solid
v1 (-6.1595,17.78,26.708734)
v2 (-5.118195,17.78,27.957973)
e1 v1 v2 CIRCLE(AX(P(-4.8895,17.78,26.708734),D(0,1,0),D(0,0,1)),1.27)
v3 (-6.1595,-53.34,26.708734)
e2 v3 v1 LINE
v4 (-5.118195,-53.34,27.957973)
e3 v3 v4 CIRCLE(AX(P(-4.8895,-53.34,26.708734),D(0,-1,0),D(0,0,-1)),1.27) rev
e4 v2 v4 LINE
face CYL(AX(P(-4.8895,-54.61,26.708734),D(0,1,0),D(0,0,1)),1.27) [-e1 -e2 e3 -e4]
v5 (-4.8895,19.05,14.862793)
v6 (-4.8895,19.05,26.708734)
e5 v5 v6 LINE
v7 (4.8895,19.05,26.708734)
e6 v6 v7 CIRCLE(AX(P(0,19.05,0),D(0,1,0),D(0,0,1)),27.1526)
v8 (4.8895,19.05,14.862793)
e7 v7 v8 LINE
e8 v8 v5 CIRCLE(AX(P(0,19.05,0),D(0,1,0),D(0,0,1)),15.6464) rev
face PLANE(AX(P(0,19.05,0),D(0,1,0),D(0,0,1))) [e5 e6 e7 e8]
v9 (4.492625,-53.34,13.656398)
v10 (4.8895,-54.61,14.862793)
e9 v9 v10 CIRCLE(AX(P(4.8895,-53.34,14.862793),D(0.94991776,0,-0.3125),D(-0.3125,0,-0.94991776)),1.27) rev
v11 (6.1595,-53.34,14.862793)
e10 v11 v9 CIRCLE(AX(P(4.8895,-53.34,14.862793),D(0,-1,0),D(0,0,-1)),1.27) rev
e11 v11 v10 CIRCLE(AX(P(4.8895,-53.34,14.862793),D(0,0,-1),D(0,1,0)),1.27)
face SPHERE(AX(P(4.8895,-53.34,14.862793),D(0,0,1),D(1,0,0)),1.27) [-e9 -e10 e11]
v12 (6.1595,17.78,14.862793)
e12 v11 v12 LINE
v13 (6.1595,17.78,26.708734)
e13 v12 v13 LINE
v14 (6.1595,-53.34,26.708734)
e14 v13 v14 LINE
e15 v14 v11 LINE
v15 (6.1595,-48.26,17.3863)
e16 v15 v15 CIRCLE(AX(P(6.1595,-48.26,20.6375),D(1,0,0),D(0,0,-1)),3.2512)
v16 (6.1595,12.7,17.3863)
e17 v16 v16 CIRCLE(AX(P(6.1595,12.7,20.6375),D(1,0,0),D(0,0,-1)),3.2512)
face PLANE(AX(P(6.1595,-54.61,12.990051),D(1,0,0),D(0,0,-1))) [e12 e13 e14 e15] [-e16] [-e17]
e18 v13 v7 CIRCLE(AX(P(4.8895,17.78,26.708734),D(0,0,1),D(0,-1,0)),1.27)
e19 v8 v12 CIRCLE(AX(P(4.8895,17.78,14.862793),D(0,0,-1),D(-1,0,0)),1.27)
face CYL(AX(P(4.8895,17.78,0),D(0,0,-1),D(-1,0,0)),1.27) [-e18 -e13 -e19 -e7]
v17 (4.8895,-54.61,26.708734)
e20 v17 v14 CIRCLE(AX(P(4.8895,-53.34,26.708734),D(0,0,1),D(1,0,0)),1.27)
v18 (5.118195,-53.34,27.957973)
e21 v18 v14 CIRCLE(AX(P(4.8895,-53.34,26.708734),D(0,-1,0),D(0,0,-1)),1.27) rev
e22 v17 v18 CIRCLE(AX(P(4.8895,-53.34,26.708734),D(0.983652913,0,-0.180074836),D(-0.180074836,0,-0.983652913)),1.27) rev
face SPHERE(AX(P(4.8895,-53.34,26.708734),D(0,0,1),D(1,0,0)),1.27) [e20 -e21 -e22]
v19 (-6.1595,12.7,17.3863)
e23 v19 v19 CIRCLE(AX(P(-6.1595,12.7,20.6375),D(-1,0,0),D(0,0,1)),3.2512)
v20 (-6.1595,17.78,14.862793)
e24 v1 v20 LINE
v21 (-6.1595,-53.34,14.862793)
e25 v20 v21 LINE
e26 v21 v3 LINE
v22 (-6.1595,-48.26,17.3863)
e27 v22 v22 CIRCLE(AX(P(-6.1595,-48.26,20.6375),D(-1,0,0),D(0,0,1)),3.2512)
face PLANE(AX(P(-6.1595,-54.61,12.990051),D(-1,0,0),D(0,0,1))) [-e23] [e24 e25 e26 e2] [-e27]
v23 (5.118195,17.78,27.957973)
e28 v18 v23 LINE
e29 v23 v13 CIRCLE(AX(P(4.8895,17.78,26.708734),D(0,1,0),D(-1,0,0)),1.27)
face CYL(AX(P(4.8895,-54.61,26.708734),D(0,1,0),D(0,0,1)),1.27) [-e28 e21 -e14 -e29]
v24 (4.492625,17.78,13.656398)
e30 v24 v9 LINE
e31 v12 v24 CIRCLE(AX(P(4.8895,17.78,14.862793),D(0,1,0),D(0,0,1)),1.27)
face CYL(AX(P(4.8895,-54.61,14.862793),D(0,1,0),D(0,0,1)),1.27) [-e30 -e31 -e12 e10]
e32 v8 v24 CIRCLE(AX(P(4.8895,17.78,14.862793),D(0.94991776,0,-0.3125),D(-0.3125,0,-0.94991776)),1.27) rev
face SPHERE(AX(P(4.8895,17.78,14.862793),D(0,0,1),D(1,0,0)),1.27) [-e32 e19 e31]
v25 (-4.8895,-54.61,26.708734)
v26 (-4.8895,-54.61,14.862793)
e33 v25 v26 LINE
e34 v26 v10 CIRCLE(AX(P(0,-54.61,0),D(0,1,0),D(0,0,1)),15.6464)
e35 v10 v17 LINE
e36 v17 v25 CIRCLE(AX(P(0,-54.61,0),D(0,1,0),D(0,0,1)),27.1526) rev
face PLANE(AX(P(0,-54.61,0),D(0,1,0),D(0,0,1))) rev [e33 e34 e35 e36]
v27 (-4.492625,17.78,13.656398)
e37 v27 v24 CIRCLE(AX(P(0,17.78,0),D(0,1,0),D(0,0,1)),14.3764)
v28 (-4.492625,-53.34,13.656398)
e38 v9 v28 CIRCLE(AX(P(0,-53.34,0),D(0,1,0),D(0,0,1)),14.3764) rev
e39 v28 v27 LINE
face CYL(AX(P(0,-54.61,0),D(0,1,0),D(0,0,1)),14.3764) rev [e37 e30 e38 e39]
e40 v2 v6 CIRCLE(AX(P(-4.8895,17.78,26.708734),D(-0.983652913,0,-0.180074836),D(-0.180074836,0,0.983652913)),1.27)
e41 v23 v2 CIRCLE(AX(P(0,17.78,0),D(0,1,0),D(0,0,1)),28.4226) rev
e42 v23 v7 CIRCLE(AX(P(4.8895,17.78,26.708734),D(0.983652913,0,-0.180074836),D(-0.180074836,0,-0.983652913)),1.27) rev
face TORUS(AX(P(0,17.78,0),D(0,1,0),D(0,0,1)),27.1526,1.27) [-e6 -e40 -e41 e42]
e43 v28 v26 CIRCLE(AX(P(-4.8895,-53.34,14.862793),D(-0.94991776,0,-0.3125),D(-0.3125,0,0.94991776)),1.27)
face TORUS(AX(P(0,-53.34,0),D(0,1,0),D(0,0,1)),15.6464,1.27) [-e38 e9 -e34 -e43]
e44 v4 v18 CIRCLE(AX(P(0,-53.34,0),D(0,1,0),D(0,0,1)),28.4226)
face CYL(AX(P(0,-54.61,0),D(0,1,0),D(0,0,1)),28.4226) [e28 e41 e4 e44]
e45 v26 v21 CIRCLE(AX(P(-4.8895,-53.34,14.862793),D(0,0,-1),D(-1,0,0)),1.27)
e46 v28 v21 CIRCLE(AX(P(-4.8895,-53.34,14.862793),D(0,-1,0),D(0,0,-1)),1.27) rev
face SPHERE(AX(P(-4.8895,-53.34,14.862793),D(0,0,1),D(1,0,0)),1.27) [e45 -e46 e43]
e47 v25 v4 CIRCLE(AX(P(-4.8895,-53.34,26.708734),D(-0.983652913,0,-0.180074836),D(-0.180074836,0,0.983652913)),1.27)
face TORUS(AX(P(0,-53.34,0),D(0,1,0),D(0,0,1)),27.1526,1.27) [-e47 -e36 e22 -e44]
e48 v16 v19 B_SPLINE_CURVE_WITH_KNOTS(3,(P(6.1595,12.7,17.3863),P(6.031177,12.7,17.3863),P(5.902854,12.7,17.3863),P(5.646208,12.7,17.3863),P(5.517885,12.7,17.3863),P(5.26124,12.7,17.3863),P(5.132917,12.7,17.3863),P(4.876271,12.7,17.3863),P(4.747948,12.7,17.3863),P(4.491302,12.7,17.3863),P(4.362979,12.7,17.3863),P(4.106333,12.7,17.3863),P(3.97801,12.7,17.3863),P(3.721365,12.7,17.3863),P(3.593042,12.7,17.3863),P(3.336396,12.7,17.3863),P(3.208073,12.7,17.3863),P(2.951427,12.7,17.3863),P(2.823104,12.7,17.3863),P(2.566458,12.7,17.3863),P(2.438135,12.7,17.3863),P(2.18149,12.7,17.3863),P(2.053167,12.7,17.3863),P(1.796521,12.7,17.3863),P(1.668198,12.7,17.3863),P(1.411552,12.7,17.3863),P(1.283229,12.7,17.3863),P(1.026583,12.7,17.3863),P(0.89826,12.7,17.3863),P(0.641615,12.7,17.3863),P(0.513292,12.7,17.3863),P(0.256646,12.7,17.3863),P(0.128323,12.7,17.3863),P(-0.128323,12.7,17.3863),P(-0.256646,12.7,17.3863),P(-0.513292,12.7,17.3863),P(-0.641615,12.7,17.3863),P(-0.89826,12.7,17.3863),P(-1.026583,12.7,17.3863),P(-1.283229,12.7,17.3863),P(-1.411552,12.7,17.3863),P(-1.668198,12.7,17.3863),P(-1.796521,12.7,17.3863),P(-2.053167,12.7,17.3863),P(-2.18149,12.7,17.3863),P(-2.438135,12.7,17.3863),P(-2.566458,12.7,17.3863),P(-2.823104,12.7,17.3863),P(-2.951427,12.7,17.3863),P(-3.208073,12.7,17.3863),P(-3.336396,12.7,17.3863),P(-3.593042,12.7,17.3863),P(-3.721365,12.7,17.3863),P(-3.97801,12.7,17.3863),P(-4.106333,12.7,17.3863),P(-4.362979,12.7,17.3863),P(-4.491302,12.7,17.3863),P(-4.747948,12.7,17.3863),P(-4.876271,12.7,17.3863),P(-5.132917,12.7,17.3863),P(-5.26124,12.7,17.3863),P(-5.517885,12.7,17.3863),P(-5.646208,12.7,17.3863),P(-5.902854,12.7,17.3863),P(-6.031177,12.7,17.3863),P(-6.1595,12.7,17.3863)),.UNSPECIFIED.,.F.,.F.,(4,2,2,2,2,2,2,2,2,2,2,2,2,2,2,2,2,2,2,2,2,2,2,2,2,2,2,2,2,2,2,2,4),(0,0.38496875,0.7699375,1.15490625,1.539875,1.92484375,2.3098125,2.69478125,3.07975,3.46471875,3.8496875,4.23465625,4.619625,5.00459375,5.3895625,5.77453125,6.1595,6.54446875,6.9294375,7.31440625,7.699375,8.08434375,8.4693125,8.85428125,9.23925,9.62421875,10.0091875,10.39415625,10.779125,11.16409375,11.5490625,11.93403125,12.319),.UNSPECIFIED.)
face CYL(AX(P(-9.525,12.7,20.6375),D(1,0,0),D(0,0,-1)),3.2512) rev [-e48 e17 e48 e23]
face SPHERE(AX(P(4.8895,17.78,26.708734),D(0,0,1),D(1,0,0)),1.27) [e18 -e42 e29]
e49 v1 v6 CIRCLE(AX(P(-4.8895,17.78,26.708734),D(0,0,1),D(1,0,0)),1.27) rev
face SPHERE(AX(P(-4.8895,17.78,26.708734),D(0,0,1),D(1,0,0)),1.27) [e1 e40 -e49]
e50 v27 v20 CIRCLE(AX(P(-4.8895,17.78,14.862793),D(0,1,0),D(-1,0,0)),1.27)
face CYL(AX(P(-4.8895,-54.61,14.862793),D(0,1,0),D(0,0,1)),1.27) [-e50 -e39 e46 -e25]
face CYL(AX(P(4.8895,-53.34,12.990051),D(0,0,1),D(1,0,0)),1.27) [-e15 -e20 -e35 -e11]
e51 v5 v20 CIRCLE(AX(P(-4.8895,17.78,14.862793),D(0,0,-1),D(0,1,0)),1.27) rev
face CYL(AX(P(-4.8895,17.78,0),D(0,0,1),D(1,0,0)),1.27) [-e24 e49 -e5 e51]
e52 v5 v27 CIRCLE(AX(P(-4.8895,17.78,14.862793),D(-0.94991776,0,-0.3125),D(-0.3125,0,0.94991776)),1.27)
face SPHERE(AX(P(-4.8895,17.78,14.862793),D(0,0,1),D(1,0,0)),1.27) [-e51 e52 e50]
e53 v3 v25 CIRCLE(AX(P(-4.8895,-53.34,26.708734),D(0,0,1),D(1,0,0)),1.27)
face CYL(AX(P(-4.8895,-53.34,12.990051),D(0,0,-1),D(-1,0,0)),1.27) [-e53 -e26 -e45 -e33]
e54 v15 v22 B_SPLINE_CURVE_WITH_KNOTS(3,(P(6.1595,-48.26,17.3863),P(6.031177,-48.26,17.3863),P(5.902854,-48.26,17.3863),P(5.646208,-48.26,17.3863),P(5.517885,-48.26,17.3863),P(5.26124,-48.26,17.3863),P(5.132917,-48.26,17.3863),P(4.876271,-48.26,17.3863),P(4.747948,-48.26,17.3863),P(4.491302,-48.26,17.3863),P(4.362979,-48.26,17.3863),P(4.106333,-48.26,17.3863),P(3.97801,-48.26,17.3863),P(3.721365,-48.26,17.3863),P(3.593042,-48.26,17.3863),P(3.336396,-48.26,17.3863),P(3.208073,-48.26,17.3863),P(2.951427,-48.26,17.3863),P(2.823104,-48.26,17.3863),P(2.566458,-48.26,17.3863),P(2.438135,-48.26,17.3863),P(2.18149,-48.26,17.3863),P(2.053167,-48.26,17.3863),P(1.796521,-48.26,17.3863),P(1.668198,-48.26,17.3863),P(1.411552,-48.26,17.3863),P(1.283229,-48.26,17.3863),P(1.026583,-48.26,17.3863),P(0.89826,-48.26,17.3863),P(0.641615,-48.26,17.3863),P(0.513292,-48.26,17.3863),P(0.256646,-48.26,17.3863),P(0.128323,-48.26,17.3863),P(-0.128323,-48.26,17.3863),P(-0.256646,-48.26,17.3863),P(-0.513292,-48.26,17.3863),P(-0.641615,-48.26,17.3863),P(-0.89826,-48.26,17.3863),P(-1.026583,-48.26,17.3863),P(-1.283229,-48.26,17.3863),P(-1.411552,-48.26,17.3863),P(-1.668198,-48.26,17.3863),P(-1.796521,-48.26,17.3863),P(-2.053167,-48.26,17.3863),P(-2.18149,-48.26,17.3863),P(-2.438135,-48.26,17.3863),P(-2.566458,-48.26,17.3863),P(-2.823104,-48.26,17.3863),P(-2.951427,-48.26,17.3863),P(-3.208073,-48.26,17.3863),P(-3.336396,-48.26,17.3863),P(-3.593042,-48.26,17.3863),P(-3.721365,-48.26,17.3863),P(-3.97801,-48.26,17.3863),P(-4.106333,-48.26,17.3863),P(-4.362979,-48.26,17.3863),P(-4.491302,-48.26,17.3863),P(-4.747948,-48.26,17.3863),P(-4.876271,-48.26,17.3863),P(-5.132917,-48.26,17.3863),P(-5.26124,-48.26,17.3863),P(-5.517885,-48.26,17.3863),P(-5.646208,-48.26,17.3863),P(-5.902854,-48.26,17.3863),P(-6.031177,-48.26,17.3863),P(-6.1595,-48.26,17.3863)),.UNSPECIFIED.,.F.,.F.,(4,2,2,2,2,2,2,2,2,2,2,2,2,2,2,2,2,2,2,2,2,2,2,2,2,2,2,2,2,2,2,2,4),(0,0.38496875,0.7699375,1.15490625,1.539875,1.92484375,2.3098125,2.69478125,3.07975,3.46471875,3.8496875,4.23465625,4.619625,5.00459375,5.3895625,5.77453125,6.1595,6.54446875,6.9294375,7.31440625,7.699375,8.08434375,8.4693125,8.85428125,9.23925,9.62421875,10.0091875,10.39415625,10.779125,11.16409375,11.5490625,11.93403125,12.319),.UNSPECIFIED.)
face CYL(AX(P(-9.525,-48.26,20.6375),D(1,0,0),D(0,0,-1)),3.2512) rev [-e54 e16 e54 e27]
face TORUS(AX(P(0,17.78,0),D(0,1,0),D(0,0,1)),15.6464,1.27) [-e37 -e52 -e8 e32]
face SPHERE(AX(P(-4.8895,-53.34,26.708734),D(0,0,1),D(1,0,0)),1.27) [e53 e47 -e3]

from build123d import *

# Parameters (mm, degrees)
BOSS_EXTRUDE1_DEPTH      = 19.05
BOSS_EXTRUDE1_DEPTH_BACK = 54.61
SKETCH2_R                = 3.2512
CUT_EXTRUDE1_DEPTH       = 9.525
FILLET1_R                = 1.27


with BuildPart() as part:
    # Sketch1 → Boss-Extrude1 (new, two sides: drawn at the far end of the back side and taken through both)
    with BuildSketch(Plane(origin=(0, 0, 0), x_dir=(1, 0, 0), z_dir=(0, 1, 0)).offset(-BOSS_EXTRUDE1_DEPTH_BACK)):
        with BuildLine():
            Line((6.1595, -12.990051451), (6.1595, -27.747157521))
            ThreePointArc((6.1595, -27.747157521), (0, -28.4226), (-6.1595, -27.747157521))
            Line((-6.1595, -27.747157521), (-6.1595, -12.990051451))
            ThreePointArc((-6.1595, -12.990051451), (0, -14.3764), (6.1595, -12.990051451))
        make_face()
    extrude(amount=BOSS_EXTRUDE1_DEPTH + BOSS_EXTRUDE1_DEPTH_BACK)

    # Sketch2 → Cut-Extrude1 (cut, symmetric)
    with BuildSketch(Plane(origin=(0, 0, 0), x_dir=(0, 0, -1), z_dir=(1, 0, 0))):
        with Locations((-20.6375, 12.7)):
            Circle(SKETCH2_R)
        with Locations((-20.6375, -48.26)):
            Circle(SKETCH2_R)
    extrude(amount=CUT_EXTRUDE1_DEPTH, both=True, mode=Mode.SUBTRACT)

    # Fillet1
    fillet1_edges = [part.edges().sort_by_distance(p)[0] for p in [
        (0, -54.61, 28.4226),
        (0, 19.05, 14.3764),
        (-6.1595, 19.05, 20.368604486),
        (6.1595, -54.61, 20.368604486),
        (0, 19.05, 28.4226),
        (6.1595, 19.05, 20.368604486),
        (0, -54.61, 14.3764),
        (-6.1595, -54.61, 20.368604486),
        (6.1595, -17.78, 12.990051451),
        (6.1595, -17.78, 27.747157521),
        (-6.1595, -17.78, 27.747157521),
        (-6.1595, -17.78, 12.990051451),
    ]]
    fillet(fillet1_edges, radius=FILLET1_R)


solid = part.part
